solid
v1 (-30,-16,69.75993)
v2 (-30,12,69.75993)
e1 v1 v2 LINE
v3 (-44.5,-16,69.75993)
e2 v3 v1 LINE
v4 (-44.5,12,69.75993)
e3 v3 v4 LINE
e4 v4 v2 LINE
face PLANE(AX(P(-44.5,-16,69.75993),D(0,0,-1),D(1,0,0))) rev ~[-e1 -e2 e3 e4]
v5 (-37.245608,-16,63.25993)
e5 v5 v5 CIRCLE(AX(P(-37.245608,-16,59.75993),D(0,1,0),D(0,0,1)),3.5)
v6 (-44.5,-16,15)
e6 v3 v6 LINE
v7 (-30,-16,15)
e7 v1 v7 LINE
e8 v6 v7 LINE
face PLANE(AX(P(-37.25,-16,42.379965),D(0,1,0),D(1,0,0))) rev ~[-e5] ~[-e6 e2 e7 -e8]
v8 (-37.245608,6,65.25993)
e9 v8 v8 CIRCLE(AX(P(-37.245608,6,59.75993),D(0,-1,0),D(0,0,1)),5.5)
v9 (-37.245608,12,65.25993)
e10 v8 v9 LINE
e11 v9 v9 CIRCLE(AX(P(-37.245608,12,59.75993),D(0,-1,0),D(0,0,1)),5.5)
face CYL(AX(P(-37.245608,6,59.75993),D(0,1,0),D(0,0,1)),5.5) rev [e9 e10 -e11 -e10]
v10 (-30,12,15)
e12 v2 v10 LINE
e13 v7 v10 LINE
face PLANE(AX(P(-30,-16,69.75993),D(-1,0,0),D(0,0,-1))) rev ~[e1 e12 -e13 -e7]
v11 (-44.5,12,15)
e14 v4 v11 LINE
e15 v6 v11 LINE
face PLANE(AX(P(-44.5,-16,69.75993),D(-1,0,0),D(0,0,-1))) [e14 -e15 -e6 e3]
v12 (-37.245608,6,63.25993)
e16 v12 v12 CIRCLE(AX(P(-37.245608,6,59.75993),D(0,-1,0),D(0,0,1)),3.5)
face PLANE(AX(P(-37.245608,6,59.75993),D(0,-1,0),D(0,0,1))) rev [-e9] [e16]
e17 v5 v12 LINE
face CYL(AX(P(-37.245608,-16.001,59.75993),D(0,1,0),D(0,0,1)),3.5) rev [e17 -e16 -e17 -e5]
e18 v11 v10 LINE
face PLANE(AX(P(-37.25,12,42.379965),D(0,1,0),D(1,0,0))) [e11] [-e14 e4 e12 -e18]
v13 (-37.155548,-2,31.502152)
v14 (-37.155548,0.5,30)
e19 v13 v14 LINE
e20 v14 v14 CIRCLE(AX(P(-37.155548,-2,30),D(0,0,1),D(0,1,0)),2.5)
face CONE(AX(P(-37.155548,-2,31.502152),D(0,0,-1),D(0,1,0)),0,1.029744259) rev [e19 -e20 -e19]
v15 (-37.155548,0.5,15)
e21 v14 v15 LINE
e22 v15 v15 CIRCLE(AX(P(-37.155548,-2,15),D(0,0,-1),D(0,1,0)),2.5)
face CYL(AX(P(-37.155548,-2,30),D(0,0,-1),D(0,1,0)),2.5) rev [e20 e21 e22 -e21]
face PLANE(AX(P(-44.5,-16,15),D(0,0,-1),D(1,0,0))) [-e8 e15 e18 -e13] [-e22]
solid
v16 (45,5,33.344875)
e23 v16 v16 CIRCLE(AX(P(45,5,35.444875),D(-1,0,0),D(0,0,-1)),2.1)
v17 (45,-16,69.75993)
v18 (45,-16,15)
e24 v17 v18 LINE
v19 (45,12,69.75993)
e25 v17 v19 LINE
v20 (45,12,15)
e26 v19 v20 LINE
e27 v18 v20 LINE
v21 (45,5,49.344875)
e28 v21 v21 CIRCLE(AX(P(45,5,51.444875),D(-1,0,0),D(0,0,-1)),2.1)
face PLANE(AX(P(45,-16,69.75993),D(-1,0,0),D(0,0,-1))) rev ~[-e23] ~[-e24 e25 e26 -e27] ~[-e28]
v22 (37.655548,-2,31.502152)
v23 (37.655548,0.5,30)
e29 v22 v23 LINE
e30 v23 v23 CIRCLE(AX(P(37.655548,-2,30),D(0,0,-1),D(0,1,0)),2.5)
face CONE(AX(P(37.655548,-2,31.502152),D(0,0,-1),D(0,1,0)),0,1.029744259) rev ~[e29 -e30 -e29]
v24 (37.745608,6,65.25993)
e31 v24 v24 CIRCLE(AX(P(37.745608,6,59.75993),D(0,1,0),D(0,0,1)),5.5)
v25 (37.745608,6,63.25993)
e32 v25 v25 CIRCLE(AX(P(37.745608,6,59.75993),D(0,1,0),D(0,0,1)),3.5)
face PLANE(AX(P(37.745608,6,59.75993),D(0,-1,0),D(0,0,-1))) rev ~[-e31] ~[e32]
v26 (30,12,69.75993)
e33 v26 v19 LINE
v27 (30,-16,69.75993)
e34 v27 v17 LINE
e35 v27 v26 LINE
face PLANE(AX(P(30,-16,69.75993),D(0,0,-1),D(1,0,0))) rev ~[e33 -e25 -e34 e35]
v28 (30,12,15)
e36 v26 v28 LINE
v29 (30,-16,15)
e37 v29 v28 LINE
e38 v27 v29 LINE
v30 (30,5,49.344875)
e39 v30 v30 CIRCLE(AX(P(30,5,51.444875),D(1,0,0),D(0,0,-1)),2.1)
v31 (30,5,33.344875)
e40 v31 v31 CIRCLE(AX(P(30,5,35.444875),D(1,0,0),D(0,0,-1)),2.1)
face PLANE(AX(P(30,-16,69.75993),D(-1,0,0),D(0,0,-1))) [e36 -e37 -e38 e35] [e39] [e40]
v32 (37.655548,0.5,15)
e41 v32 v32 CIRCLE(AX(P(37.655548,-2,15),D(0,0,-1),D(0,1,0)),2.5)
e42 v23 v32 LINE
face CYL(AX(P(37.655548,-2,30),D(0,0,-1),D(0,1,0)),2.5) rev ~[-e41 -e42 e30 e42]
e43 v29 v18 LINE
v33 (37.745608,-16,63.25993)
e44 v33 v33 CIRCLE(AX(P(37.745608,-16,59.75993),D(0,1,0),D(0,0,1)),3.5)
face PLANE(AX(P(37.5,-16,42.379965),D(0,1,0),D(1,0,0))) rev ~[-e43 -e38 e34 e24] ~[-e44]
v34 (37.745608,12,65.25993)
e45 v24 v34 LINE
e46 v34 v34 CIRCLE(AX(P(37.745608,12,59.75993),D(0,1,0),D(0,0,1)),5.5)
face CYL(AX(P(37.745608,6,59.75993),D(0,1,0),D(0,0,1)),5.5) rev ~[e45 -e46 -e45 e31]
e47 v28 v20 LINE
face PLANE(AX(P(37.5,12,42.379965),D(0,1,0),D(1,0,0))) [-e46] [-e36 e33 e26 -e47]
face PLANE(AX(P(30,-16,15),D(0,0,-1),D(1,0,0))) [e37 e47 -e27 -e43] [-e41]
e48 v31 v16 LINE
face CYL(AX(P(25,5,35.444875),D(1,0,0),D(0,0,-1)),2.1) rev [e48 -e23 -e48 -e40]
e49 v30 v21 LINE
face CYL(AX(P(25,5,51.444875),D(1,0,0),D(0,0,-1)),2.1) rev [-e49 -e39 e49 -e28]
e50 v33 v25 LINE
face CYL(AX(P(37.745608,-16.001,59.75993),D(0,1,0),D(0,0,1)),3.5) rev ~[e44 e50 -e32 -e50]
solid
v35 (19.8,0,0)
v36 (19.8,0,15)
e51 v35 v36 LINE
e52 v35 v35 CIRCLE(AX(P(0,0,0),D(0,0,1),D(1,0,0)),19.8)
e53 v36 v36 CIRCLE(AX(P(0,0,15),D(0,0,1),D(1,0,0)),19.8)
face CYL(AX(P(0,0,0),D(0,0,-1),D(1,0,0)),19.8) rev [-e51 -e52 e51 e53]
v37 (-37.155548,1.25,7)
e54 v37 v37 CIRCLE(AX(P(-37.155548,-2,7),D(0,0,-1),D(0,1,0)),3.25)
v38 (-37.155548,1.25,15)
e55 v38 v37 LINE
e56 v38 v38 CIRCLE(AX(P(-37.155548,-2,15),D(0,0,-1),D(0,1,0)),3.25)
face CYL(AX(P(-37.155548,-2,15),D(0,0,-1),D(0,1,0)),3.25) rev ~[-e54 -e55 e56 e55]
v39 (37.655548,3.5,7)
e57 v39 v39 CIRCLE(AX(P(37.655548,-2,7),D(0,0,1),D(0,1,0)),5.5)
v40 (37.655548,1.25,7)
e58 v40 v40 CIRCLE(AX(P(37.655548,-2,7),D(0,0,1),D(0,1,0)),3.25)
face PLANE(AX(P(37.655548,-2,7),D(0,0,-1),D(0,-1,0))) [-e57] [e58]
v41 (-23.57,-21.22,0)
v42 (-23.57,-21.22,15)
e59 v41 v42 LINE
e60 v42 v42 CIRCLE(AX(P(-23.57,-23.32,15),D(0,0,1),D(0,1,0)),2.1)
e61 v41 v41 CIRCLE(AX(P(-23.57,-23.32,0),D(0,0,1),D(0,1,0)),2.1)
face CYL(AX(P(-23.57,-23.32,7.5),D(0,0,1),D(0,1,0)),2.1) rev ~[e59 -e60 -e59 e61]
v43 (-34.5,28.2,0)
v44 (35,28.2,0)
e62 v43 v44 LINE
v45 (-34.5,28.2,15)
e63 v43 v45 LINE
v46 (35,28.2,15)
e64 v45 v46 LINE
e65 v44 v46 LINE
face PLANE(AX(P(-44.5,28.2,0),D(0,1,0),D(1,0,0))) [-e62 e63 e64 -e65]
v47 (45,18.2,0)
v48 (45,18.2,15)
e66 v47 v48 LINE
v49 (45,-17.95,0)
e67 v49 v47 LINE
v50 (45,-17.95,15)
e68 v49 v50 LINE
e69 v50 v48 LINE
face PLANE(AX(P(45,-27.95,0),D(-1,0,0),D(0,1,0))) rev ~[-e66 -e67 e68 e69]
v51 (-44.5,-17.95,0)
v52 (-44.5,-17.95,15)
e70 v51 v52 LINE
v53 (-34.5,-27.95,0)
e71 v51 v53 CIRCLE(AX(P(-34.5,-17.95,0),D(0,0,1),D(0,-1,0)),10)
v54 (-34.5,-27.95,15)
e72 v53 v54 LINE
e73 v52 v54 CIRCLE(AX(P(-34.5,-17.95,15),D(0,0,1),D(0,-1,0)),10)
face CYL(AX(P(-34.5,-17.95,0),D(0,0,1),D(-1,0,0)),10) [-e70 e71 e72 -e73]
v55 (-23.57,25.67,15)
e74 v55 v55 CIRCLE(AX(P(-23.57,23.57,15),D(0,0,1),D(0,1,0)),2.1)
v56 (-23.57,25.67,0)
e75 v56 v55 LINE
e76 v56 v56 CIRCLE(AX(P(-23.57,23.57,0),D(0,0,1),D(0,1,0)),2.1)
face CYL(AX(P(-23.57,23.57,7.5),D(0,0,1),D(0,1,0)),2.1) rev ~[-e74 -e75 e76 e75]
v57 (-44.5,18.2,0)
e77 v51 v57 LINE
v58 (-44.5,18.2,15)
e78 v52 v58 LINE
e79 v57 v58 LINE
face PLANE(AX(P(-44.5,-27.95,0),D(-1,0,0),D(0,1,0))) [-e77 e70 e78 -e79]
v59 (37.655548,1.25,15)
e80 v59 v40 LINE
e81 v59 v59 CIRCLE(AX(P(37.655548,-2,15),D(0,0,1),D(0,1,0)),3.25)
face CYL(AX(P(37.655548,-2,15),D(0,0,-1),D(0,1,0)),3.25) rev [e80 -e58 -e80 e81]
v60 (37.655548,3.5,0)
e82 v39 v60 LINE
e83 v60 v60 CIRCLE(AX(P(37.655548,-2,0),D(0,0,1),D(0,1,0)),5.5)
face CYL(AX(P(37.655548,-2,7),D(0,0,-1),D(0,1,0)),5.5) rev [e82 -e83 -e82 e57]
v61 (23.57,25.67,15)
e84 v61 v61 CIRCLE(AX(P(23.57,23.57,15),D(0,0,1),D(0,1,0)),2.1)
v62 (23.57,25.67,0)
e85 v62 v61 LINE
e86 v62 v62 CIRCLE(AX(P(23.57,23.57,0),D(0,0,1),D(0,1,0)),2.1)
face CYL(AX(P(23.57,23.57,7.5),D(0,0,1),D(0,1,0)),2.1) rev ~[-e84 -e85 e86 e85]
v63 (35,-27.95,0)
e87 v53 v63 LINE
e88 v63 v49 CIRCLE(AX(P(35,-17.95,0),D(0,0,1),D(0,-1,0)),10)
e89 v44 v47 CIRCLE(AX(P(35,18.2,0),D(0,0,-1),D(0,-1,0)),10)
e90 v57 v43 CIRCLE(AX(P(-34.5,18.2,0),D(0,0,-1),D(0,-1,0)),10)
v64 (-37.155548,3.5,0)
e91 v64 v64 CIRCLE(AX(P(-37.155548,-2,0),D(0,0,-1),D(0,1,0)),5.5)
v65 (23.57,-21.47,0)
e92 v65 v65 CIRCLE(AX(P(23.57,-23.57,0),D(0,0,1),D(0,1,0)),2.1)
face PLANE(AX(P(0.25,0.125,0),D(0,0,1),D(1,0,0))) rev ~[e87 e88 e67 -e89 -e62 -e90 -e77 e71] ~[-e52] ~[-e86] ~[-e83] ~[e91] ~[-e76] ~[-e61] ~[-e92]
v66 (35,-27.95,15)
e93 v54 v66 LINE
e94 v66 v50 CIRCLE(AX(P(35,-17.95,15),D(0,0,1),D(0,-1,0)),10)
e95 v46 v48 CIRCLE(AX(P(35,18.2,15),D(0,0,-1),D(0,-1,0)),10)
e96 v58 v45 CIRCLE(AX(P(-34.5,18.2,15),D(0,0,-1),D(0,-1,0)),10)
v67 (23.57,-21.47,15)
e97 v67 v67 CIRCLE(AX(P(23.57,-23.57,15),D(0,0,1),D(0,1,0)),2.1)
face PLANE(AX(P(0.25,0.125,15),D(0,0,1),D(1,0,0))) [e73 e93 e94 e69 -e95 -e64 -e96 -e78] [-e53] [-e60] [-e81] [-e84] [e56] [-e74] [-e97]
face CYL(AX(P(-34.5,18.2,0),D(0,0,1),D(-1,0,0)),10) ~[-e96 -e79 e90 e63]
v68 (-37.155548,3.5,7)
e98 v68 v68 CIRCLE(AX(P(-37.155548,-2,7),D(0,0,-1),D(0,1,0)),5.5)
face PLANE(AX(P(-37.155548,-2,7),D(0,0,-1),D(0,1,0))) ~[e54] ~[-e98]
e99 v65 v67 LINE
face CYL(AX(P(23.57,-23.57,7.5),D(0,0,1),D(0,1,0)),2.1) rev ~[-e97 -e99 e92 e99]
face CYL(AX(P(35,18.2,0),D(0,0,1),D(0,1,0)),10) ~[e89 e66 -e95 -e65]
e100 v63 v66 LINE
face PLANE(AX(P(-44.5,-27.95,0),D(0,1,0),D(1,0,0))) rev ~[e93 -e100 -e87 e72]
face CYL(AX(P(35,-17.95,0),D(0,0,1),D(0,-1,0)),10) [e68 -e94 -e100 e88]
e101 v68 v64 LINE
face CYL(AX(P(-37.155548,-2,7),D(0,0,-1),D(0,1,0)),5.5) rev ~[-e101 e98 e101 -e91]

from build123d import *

# Parameters (mm, degrees)
SKETCH1_W                            = 89.5
SKETCH1_H                            = 56.15
SKETCH1_R                            = 19.8
BOSS_EXTRUDE1_DEPTH                  = 15
SKETCH2_W                            = 14.5
SKETCH2_H                            = 54.759929683
BOSS_EXTRUDE3_DEPTH                  = 28
SKETCH2_W_2                          = 15
BOSS_EXTRUDE3_2_DEPTH                = 28
SKETCH12_W                           = 2.1
SKETCH12_H                           = 15
M5X0_8_TAPPED_HOLE1_AT_2_COUNT       = 2
M5X0_8_TAPPED_HOLE1_AT_2_PITCH       = 47.140662914
M5X0_8_TAPPED_HOLE1_AT_3_COUNT       = 2
M5X0_8_TAPPED_HOLE1_AT_3_PITCH       = 66.489485635
M5X0_8_TAPPED_HOLE1_AT_4_COUNT       = 2
M5X0_8_TAPPED_HOLE1_AT_4_PITCH       = 46.89
FILLET1_R                            = 10
TAP_DRILL_FOR_M5X0_8_TAP2_AT_2_COUNT = 2
TAP_DRILL_FOR_M5X0_8_TAP2_AT_2_PITCH = 16


with BuildPart() as part:
    # Sketch1 → Boss-Extrude1 (new body)
    with BuildSketch(Plane.XY):
        with Locations((0.25, 0.125)):
            Rectangle(SKETCH1_W, SKETCH1_H)
        Circle(SKETCH1_R, mode=Mode.SUBTRACT)
    extrude(amount=BOSS_EXTRUDE1_DEPTH)

    # Sketch5 → Hole1 (revolve, cut)
    with BuildSketch(Plane(origin=(-37.155548207, -2, 0), x_dir=(0, 1, 0), z_dir=(1, 0, 0))):
        Polygon((0, 0), (0, 15), (3.25, 15), (3.25, 7), (5.5, 7), (5.5, 0), align=None)
    hole1 = revolve(axis=Axis((-37.155548207, -2, 110), (0, 0, -1)), mode=Mode.SUBTRACT)


with BuildPart() as body_2:
    # Sketch2 → Boss-Extrude3 (new body)
    with BuildSketch(Plane(origin=(0, -16, 0), x_dir=(1, 0, 0), z_dir=(0, 1, 0))):
        with Locations((-37.25, -42.379964842)):
            Rectangle(SKETCH2_W, SKETCH2_H)
    extrude(amount=BOSS_EXTRUDE3_DEPTH)

    # Sketch7 → Tap Drill for M6x1.0 Tap1 (revolve, cut)
    with BuildSketch(Plane(origin=(-37.155548207, -2, 0), x_dir=(0, 1, 0), z_dir=(1, 0, 0))):
        Polygon((0, 0), (0, 31.502151548), (2.5, 30), (2.5, 0), align=None)
    tap_drill_for_m6x1_0_tap1 = revolve(axis=Axis((-37.155548207, -2, -6.35), (0, 0, 1)), mode=Mode.SUBTRACT)

    # Sketch10 → CBORE for M6 SHCS1 (revolve, cut)
    with BuildSketch(Plane(origin=(-37.245608268, 12, 59.759929683), x_dir=(0, 0, 1), z_dir=(1, 0, 0))):
        Polygon((0, 0), (0, 28.001), (3.5, 28.001), (3.5, 6), (5.5, 6), (5.5, 0), align=None)
    cbore_for_m6_shcs1 = revolve(axis=Axis((-37.245608268, 18.35, 59.759929683), (0, -1, 0)), mode=Mode.SUBTRACT)


with BuildPart() as body_3:
    # Sketch2 → Boss-Extrude3 2 (new body)
    with BuildSketch(Plane(origin=(0, -16, 0), x_dir=(1, 0, 0), z_dir=(0, 1, 0))):
        with Locations((37.5, -42.379964842)):
            Rectangle(SKETCH2_W_2, SKETCH2_H)
    extrude(amount=BOSS_EXTRUDE3_2_DEPTH)


with BuildPart() as mirror1_tool:
    # Mirror1: Hole1, Tap Drill for M6x1.0 Tap1, CBORE for M6 SHCS1 across plane
    add(hole1.mirror(Plane(origin=(0.25, 0, 0), x_dir=(0, 0, 1), z_dir=(1, 0, 0))))
    add(tap_drill_for_m6x1_0_tap1.mirror(Plane(origin=(0.25, 0, 0), x_dir=(0, 0, 1), z_dir=(1, 0, 0))))
    add(cbore_for_m6_shcs1.mirror(Plane(origin=(0.25, 0, 0), x_dir=(0, 0, 1), z_dir=(1, 0, 0))))


with BuildPart() as part_1:
    add(part.part)

    # Mirror1: cut by mirror1_tool
    add(mirror1_tool.part, mode=Mode.SUBTRACT)

    # Sketch12 → M5x0.8 Tapped Hole1 (revolve, cut)
    with BuildSketch(Plane(origin=(-23.57, -23.32, 0), x_dir=(0, 1, 0), z_dir=(1, 0, 0))):
        with Locations((1.05, 7.5)):
            Rectangle(SKETCH12_W, SKETCH12_H)
    m5x0_8_tapped_hole1 = revolve(axis=Axis((-23.57, -23.32, -6.35), (0, 0, 1)), mode=Mode.SUBTRACT)

    # M5x0.8 Tapped Hole1 at 2: M5x0.8 Tapped Hole1 ×2
    with Locations(*[Vector(0.9999859375269115, -0.005303277140045137, 0) * (i * M5X0_8_TAPPED_HOLE1_AT_2_PITCH) for i in range(1, M5X0_8_TAPPED_HOLE1_AT_2_COUNT)]):
        add(m5x0_8_tapped_hole1, mode=Mode.SUBTRACT)

    # M5x0.8 Tapped Hole1 at 3: M5x0.8 Tapped Hole1 ×2
    with Locations(*[Vector(0.7089842784890216, 0.705224285497459, 0) * (i * M5X0_8_TAPPED_HOLE1_AT_3_PITCH) for i in range(1, M5X0_8_TAPPED_HOLE1_AT_3_COUNT)]):
        add(m5x0_8_tapped_hole1, mode=Mode.SUBTRACT)

    # M5x0.8 Tapped Hole1 at 4: M5x0.8 Tapped Hole1 ×2
    with Locations(*[(0, i * M5X0_8_TAPPED_HOLE1_AT_4_PITCH, 0) for i in range(1, M5X0_8_TAPPED_HOLE1_AT_4_COUNT)]):
        add(m5x0_8_tapped_hole1, mode=Mode.SUBTRACT)

    # Fillet1
    fillet1_edges = [part_1.edges().sort_by_distance(p)[0] for p in [
        (-44.5, 28.2, 7.5),
        (45, 28.2, 7.5),
        (45, -27.95, 7.5),
        (-44.5, -27.95, 7.5),
    ]]
    fillet(fillet1_edges, radius=FILLET1_R)


with BuildPart() as body_3_1:
    add(body_3.part)

    # Mirror1: cut by mirror1_tool
    add(mirror1_tool.part, mode=Mode.SUBTRACT)

    # Sketch15 → Tap Drill for M5x0.8 Tap2 (revolve, cut)
    with BuildSketch(Plane(origin=(45, 5, 35.44487549), x_dir=(0, 0, -1), z_dir=(0, 1, 0))):
        Polygon((0, 0), (0, 21.2618073), (2.1, 20), (2.1, 0), align=None)
    tap_drill_for_m5x0_8_tap2 = revolve(axis=Axis((51.35, 5, 35.44487549), (-1, 0, 0)), mode=Mode.SUBTRACT)

    # Tap Drill for M5x0.8 Tap2 at 2: Tap Drill for M5x0.8 Tap2 ×2
    with Locations(*[(0, 0, i * TAP_DRILL_FOR_M5X0_8_TAP2_AT_2_PITCH) for i in range(1, TAP_DRILL_FOR_M5X0_8_TAP2_AT_2_COUNT)]):
        add(tap_drill_for_m5x0_8_tap2, mode=Mode.SUBTRACT)


solid = Compound([body_2.part, part_1.part, body_3_1.part])
